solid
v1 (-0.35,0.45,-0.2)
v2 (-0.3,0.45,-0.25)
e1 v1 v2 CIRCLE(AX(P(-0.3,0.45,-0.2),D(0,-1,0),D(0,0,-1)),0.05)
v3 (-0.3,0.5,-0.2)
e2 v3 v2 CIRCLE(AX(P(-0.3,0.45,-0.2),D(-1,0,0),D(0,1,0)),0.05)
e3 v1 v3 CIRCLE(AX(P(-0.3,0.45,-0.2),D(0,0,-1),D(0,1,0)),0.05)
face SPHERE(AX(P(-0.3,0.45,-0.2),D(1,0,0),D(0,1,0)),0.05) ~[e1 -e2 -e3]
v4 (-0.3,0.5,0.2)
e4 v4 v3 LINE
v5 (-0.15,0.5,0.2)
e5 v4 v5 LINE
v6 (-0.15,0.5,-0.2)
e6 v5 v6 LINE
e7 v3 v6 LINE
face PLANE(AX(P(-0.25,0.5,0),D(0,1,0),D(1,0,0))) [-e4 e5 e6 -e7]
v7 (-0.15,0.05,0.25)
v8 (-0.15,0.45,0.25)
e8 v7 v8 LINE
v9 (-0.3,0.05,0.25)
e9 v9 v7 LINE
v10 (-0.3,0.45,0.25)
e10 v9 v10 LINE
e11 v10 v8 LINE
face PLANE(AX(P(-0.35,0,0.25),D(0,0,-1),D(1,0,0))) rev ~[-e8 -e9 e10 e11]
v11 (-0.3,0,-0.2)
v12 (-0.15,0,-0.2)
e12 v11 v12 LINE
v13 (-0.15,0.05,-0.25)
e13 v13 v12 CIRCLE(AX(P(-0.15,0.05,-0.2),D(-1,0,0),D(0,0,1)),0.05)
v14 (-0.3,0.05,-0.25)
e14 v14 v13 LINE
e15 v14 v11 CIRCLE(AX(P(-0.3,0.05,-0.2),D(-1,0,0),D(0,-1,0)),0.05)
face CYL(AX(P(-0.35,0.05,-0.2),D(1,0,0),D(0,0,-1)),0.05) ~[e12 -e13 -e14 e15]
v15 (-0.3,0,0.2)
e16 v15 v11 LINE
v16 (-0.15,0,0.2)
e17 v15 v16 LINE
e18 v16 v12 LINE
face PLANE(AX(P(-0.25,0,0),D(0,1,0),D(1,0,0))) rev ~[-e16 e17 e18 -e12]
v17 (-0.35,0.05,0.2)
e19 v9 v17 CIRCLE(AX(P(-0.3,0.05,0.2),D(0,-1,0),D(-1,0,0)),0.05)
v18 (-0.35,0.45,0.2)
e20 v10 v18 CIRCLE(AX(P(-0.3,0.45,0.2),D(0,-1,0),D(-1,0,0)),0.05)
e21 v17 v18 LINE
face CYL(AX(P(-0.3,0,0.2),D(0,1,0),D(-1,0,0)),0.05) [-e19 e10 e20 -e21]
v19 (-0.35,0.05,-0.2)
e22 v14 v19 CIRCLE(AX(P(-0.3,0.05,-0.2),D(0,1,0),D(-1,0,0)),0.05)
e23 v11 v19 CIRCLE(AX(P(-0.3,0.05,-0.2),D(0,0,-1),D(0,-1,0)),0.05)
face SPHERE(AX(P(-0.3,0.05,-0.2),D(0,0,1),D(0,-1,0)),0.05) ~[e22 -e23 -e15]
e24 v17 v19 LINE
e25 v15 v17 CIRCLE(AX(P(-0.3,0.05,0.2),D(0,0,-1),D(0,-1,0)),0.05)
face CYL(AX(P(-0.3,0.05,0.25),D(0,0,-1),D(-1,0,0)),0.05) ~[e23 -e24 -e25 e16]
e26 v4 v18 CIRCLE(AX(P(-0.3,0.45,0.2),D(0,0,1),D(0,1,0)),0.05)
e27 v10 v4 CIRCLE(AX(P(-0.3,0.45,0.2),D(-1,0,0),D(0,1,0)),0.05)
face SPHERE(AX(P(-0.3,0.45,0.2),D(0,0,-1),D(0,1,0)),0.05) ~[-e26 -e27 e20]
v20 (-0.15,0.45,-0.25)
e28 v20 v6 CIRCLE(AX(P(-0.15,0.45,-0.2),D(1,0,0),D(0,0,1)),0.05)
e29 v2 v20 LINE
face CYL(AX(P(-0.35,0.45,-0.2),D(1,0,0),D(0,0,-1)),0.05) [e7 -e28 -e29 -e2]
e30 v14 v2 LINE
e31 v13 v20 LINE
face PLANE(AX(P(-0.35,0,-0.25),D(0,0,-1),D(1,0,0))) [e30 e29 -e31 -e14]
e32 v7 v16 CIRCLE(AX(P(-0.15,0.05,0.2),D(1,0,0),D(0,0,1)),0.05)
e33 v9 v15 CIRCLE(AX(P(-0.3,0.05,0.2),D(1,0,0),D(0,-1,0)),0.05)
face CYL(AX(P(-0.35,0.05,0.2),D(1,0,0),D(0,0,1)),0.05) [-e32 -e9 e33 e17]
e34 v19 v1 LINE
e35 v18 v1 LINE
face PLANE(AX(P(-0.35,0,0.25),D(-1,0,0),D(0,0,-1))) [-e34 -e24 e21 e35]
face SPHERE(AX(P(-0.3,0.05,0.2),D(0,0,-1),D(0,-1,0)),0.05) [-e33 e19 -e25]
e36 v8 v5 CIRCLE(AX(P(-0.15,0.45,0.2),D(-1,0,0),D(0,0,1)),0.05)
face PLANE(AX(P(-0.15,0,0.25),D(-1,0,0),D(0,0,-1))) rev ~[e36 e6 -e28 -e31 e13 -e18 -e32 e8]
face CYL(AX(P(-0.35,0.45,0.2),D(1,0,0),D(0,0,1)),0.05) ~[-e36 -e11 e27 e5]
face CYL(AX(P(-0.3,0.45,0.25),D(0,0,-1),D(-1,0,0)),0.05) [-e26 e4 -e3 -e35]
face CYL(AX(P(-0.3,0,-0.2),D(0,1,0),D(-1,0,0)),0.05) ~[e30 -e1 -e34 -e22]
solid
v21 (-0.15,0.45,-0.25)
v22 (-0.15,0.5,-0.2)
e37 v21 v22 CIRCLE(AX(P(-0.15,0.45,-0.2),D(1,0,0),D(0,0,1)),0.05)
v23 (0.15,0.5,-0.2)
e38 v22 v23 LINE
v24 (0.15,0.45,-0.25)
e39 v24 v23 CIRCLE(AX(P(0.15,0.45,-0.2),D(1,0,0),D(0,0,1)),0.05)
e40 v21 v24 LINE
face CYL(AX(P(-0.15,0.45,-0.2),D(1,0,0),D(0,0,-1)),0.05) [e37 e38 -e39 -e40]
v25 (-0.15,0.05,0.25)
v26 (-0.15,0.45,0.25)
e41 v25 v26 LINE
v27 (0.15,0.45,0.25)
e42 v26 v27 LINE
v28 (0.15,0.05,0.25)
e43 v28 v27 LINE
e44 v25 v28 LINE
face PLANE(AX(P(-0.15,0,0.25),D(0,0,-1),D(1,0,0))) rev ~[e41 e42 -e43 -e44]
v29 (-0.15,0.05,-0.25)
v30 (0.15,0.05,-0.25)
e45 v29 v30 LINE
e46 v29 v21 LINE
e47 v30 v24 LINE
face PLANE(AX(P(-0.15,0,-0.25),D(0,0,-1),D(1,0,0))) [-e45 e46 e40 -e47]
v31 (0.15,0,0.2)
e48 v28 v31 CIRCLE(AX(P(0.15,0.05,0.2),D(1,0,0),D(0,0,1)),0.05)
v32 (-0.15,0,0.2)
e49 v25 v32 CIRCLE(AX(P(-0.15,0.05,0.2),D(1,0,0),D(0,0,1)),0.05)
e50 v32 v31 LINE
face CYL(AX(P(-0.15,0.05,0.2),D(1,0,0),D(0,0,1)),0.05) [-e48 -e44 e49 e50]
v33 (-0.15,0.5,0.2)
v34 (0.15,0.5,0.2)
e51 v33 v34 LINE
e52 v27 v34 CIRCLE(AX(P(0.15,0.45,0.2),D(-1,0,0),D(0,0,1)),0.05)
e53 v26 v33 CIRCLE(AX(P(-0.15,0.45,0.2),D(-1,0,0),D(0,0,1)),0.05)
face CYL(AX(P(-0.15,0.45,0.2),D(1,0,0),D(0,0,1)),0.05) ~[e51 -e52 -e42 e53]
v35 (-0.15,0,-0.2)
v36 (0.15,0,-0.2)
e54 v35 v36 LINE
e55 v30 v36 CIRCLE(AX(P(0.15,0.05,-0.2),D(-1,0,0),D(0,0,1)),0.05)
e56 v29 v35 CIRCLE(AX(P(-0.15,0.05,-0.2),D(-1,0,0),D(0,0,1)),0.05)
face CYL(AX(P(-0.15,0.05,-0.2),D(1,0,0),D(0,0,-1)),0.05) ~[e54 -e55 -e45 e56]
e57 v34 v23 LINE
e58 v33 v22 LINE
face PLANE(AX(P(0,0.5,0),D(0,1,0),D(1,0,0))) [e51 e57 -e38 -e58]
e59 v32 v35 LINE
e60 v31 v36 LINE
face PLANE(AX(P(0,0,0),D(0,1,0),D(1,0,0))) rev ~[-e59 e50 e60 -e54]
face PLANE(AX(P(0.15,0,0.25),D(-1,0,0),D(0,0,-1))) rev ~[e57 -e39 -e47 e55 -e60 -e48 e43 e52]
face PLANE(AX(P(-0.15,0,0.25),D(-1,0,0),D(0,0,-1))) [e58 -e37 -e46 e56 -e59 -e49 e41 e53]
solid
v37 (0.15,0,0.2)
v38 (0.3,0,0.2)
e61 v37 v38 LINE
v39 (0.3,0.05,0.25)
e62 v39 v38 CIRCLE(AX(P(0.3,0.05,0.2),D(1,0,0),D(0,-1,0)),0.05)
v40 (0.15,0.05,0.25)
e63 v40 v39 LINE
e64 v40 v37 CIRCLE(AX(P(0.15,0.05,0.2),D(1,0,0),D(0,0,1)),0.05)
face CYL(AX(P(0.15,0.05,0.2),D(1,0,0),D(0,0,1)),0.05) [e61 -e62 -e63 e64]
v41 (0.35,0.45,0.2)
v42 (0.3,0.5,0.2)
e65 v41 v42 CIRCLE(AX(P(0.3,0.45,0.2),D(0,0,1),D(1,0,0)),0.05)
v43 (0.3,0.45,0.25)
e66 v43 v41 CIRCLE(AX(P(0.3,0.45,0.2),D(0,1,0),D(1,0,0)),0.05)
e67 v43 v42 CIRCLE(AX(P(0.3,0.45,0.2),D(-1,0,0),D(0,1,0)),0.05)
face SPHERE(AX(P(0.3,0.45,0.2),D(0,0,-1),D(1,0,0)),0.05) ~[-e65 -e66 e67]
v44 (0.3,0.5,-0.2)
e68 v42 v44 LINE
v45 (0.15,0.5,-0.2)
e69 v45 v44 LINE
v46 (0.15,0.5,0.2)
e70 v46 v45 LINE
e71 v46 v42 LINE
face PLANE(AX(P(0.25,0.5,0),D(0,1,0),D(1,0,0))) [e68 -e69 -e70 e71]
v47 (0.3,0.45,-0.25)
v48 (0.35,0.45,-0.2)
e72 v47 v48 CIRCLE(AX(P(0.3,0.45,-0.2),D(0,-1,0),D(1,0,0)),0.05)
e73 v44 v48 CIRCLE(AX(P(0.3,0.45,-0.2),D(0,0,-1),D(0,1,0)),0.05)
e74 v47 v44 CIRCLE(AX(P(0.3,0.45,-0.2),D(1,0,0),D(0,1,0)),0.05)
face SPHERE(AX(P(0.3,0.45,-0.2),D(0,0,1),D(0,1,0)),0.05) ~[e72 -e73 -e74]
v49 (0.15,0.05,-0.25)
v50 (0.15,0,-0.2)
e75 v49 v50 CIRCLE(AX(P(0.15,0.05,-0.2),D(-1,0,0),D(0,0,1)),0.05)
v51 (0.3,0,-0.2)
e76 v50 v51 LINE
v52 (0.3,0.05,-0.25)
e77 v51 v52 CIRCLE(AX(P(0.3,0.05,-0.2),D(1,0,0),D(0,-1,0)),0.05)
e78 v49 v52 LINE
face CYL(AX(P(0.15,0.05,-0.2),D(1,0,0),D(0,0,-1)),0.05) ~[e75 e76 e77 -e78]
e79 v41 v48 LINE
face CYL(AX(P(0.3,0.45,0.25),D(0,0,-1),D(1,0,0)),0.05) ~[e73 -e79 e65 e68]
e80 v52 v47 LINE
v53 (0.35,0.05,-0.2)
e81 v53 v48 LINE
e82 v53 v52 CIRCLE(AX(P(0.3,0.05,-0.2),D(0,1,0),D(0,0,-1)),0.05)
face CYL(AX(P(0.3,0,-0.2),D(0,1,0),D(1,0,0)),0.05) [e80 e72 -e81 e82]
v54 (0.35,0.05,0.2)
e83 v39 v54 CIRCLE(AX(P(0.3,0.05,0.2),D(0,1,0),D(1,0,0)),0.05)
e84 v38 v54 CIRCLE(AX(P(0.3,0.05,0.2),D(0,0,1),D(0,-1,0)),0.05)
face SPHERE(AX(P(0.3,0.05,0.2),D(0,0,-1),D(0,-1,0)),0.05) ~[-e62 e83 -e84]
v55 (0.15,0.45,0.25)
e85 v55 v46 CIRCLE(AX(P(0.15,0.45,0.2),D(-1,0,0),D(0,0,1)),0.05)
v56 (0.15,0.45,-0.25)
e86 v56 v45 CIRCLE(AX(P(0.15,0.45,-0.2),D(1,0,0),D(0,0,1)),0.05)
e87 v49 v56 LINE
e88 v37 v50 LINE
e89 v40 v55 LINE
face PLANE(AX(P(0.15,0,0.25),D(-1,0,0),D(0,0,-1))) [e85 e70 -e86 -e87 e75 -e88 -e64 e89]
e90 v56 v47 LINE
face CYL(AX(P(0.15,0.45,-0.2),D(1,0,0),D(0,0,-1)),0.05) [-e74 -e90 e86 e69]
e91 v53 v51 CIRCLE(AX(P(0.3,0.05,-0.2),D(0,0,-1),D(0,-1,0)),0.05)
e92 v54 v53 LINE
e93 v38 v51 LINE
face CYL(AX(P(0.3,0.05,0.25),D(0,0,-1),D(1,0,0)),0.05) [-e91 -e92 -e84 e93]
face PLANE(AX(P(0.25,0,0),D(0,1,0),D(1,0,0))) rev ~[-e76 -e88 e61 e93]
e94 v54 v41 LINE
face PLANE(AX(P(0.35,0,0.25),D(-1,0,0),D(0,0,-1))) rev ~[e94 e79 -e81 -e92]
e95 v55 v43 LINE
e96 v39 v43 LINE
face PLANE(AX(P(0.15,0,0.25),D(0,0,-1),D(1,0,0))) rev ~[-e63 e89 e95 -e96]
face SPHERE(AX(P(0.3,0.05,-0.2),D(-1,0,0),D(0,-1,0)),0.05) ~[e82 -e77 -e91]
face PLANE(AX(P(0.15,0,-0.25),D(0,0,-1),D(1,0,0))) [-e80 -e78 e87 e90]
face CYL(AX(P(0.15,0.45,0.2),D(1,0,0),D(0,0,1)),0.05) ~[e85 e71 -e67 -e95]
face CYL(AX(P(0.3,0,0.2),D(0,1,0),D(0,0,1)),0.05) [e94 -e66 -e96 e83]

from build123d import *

# Parameters (mm, degrees)
CROQUIS1_W                = 0.3
CROQUIS1_H                = 0.5
SALIENTE_EXTRUIR1_DEPTH   = 0.5
CROQUIS3_W                = 0.2
CROQUIS3_H                = 0.5
SALIENTE_EXTRUIR3_DEPTH   = 0.5
SALIENTE_EXTRUIR3_2_DEPTH = 0.5
REDONDEO2_R               = 0.05
REDONDEO4_R               = 0.05
REDONDEO5_R               = 0.05


with BuildPart() as part:
    # Croquis1 → Saliente-Extruir1 (new body)
    with BuildSketch(Plane(origin=(0, 0, 0), x_dir=(1, 0, 0), z_dir=(0, 1, 0))):
        Rectangle(CROQUIS1_W, CROQUIS1_H)
    extrude(amount=SALIENTE_EXTRUIR1_DEPTH)

    # Redondeo2
    redondeo2_edges = [part.edges().sort_by_distance(p)[0] for p in [
        (0, 0.5, 0.25),
        (0, 0, 0.25),
        (0, 0, -0.25),
        (0, 0.5, -0.25),
    ]]
    fillet(redondeo2_edges, radius=REDONDEO2_R)


with BuildPart() as body_2:
    # Croquis3 → Saliente-Extruir3 (new body)
    with BuildSketch(Plane(origin=(0, 0, 0), x_dir=(1, 0, 0), z_dir=(0, 1, 0))):
        with Locations((0.25, 0)):
            Rectangle(CROQUIS3_W, CROQUIS3_H)
    extrude(amount=SALIENTE_EXTRUIR3_DEPTH)

    # Redondeo4
    redondeo4_edges = [body_2.edges().sort_by_distance(p)[0] for p in [
        (0.35, 0.5, 0),
        (0.25, 0.5, -0.25),
        (0.25, 0, -0.25),
        (0.35, 0, 0),
        (0.25, 0, 0.25),
        (0.35, 0.25, -0.25),
        (0.35, 0.25, 0.25),
        (0.25, 0.5, 0.25),
    ]]
    fillet(redondeo4_edges, radius=REDONDEO4_R)


with BuildPart() as body_3:
    # Croquis3 → Saliente-Extruir3 2 (new body)
    with BuildSketch(Plane(origin=(0, 0, 0), x_dir=(1, 0, 0), z_dir=(0, 1, 0))):
        with Locations((-0.25, 0)):
            Rectangle(CROQUIS3_W, CROQUIS3_H)
    extrude(amount=SALIENTE_EXTRUIR3_2_DEPTH)

    # Redondeo5
    redondeo5_edges = [body_3.edges().sort_by_distance(p)[0] for p in [
        (-0.25, 0.5, -0.25),
        (-0.35, 0.5, 0),
        (-0.25, 0.5, 0.25),
        (-0.35, 0, 0),
        (-0.25, 0, -0.25),
        (-0.25, 0, 0.25),
        (-0.35, 0.25, 0.25),
        (-0.35, 0.25, -0.25),
    ]]
    fillet(redondeo5_edges, radius=REDONDEO5_R)


solid = Compound([part.part, body_2.part, body_3.part])
